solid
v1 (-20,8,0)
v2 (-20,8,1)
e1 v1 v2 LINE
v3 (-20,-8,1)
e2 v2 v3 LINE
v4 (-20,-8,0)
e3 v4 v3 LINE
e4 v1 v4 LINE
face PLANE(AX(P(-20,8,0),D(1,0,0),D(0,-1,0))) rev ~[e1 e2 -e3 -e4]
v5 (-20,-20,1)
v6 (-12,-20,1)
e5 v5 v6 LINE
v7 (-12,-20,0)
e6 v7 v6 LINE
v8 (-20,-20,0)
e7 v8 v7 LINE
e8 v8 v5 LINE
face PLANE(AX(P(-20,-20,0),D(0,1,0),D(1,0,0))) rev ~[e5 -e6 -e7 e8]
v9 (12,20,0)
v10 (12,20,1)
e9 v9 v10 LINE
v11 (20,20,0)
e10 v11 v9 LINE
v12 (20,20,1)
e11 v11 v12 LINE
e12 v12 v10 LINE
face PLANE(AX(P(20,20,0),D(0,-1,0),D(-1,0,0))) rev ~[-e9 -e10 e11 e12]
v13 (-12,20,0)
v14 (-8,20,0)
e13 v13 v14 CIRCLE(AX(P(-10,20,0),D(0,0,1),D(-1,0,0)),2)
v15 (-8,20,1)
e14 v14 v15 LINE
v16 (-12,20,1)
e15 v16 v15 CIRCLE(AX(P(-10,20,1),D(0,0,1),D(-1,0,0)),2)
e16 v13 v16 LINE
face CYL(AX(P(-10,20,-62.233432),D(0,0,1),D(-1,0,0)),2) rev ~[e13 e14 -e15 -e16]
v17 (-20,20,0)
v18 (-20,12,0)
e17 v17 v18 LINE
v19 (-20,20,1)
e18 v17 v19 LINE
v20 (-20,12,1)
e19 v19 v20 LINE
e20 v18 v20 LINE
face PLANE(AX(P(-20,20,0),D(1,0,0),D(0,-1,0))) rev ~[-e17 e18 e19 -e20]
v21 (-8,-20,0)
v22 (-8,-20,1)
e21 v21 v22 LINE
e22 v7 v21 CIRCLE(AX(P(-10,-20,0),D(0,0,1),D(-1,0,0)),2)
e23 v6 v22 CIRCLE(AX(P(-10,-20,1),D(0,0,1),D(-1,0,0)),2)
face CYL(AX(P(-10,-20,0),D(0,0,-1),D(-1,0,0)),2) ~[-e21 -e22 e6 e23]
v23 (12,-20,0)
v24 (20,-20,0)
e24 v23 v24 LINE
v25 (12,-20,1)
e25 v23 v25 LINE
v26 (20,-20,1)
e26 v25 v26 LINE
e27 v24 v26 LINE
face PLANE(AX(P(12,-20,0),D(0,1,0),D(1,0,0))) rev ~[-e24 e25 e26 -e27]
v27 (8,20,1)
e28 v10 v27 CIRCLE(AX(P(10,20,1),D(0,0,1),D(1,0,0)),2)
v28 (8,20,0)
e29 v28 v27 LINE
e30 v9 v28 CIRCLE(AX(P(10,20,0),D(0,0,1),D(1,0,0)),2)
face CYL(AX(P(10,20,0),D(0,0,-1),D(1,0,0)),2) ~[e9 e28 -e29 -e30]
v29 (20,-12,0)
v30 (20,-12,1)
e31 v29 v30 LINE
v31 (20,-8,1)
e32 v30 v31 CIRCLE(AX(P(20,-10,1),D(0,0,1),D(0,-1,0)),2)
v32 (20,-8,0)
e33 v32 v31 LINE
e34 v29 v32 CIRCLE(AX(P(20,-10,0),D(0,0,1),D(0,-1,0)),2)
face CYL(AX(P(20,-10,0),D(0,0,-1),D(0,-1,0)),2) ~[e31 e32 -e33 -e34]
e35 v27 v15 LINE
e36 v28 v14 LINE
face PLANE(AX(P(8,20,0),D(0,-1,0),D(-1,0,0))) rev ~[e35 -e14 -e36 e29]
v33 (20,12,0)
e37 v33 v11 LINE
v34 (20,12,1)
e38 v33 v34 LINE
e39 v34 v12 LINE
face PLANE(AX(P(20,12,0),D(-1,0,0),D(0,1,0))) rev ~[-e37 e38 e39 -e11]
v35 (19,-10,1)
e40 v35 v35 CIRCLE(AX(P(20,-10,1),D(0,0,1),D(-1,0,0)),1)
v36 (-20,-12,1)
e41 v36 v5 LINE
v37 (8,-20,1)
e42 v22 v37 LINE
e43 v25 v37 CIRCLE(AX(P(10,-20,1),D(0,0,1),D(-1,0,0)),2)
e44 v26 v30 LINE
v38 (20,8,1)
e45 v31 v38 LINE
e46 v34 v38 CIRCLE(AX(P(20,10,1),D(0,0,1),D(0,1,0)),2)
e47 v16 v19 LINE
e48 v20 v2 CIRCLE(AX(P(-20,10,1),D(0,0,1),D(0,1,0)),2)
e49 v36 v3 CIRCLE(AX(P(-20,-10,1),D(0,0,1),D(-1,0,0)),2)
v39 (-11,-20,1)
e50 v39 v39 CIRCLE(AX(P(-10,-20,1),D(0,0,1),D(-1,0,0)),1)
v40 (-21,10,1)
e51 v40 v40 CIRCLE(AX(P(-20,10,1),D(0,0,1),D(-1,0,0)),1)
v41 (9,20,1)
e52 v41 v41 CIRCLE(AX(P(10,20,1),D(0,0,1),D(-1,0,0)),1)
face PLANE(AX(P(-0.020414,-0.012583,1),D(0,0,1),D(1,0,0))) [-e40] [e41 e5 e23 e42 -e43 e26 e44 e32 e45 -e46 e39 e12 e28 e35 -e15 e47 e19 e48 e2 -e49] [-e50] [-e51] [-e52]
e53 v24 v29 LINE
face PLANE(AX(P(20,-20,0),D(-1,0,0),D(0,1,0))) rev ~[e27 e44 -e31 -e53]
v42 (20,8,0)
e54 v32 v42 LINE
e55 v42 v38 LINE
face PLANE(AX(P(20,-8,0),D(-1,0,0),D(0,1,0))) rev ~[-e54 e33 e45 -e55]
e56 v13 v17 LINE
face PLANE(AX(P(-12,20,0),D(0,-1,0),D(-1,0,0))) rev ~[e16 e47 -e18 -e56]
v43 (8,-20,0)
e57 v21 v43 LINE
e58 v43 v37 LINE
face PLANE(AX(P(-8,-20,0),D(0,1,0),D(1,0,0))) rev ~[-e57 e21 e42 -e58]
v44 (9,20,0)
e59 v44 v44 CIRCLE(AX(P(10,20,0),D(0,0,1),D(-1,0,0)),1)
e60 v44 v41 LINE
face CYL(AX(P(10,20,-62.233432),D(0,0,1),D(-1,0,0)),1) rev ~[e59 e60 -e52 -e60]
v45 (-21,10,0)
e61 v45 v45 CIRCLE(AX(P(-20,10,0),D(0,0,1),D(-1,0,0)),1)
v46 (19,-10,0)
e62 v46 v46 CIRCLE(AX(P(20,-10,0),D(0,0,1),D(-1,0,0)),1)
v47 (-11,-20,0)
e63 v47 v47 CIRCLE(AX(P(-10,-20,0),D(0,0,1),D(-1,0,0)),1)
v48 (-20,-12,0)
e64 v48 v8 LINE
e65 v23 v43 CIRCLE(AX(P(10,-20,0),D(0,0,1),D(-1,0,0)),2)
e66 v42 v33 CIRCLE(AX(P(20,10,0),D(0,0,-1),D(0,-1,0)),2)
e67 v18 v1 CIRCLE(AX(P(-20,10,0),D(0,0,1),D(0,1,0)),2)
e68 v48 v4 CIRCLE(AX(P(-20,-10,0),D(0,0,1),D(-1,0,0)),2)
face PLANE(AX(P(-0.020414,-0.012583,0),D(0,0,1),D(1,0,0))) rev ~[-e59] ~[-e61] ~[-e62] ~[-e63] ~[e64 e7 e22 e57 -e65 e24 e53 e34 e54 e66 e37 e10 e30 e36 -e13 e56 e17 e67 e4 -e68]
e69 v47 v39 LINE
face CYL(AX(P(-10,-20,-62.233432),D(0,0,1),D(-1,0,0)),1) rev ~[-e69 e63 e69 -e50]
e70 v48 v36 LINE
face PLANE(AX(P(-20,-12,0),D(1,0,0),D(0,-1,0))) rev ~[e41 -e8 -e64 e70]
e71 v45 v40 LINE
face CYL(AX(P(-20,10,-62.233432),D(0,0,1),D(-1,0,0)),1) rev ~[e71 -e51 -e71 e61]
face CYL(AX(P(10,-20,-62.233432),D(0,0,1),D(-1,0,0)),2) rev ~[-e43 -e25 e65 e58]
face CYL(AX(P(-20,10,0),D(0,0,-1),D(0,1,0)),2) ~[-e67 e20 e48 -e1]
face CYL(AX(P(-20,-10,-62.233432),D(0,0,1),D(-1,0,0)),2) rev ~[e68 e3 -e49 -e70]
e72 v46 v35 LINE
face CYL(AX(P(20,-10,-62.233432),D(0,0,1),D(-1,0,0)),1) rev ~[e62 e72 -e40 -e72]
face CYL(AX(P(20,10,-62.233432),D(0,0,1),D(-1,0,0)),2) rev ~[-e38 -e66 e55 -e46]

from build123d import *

# Parameters (mm, degrees)
F1_DEPTH = 1
F2_D     = 4
F3_D     = 2


with BuildPart() as f1:
    # F0 (on Top) → F1 (new body)
    with BuildSketch(Plane.XY):
        with BuildLine():
            Line((20, 12), (20, 20))
            Line((20, 20), (12, 20))
            Line((12, 20), (8, 20))
            Line((8, 20), (-8, 20))
            ThreePointArc((-8, 20), (-10, 18), (-12, 20))
            Line((-12, 20), (-20, 20))
            Line((-20, 20), (-20, 12))
            Line((-20, 12), (-20, 8))
            Line((-20, 8), (-20, -8))
            ThreePointArc((-20, -8), (-18.5857864376, -8.5857864376), (-18, -10))
            ThreePointArc((-18, -10), (-18.5857864376, -11.4142135624), (-20, -12))
            Line((-20, -12), (-20, -20))
            Line((-20, -20), (-12, -20))
            Line((-12, -20), (-8, -20))
            Line((-8, -20), (8, -20))
            ThreePointArc((8, -20), (10, -18), (12, -20))
            Line((12, -20), (20, -20))
            Line((20, -20), (20, -12))
            Line((20, -12), (20, -8))
            Line((20, -8), (20, 8))
            ThreePointArc((20, 8), (18, 10), (20, 12))
        make_face()
        with BuildLine():
            Line((8, 20), (12, 20))
            ThreePointArc((12, 20), (10, 22), (8, 20))
        make_face()
        with BuildLine():
            ThreePointArc((22, 10), (21.4142135624, 11.4142135624), (20, 12))
            Line((20, 12), (20, 8))
            ThreePointArc((20, 8), (21.4142135624, 8.5857864376), (22, 10))
        make_face()
        with BuildLine():
            Line((20, 8), (20, 12))
            ThreePointArc((20, 12), (18, 10), (20, 8))
        make_face()
        with BuildLine():
            ThreePointArc((-12, 20), (-10, 18), (-8, 20))
            Line((-8, 20), (-12, 20))
        make_face()
        with BuildLine():
            Line((-12, 20), (-8, 20))
            ThreePointArc((-8, 20), (-10, 22), (-12, 20))
        make_face()
        with BuildLine():
            ThreePointArc((20, -12), (22, -10), (20, -8))
            Line((20, -8), (20, -12))
        make_face()
        with BuildLine():
            Line((-20, 8), (-20, 12))
            ThreePointArc((-20, 12), (-22, 10), (-20, 8))
        make_face()
        with BuildLine():
            ThreePointArc((8, -20), (10, -22), (12, -20))
            Line((12, -20), (8, -20))
        make_face()
        with BuildLine():
            Line((8, -20), (12, -20))
            ThreePointArc((12, -20), (10, -18), (8, -20))
        make_face()
        with BuildLine():
            ThreePointArc((-18, -10), (-18.5857864376, -8.5857864376), (-20, -8))
            Line((-20, -8), (-20, -12))
            ThreePointArc((-20, -12), (-18.5857864376, -11.4142135624), (-18, -10))
        make_face()
        with BuildLine():
            Line((-20, -12), (-20, -8))
            ThreePointArc((-20, -8), (-22, -10), (-20, -12))
        make_face()
        with BuildLine():
            ThreePointArc((-12, -20), (-10, -22), (-8, -20))
            Line((-8, -20), (-12, -20))
        make_face()
    extrude(amount=F1_DEPTH)

    # F2 (through all)
    with Locations(Plane(origin=(0, 0, 0), x_dir=(1, 0, 0), z_dir=(0, 0, -1))):
        with Locations((-20, 10), (-10, -20), (20, -10), (10, 20)):
            Hole(F2_D / 2)

    # F3 (through all)
    with Locations(Plane(origin=(0, 0, 0), x_dir=(1, 0, 0), z_dir=(0, 0, -1))):
        with Locations((10, -20), (-20, -10), (-10, 20), (20, 10)):
            Hole(F3_D / 2)


solid = f1.part
